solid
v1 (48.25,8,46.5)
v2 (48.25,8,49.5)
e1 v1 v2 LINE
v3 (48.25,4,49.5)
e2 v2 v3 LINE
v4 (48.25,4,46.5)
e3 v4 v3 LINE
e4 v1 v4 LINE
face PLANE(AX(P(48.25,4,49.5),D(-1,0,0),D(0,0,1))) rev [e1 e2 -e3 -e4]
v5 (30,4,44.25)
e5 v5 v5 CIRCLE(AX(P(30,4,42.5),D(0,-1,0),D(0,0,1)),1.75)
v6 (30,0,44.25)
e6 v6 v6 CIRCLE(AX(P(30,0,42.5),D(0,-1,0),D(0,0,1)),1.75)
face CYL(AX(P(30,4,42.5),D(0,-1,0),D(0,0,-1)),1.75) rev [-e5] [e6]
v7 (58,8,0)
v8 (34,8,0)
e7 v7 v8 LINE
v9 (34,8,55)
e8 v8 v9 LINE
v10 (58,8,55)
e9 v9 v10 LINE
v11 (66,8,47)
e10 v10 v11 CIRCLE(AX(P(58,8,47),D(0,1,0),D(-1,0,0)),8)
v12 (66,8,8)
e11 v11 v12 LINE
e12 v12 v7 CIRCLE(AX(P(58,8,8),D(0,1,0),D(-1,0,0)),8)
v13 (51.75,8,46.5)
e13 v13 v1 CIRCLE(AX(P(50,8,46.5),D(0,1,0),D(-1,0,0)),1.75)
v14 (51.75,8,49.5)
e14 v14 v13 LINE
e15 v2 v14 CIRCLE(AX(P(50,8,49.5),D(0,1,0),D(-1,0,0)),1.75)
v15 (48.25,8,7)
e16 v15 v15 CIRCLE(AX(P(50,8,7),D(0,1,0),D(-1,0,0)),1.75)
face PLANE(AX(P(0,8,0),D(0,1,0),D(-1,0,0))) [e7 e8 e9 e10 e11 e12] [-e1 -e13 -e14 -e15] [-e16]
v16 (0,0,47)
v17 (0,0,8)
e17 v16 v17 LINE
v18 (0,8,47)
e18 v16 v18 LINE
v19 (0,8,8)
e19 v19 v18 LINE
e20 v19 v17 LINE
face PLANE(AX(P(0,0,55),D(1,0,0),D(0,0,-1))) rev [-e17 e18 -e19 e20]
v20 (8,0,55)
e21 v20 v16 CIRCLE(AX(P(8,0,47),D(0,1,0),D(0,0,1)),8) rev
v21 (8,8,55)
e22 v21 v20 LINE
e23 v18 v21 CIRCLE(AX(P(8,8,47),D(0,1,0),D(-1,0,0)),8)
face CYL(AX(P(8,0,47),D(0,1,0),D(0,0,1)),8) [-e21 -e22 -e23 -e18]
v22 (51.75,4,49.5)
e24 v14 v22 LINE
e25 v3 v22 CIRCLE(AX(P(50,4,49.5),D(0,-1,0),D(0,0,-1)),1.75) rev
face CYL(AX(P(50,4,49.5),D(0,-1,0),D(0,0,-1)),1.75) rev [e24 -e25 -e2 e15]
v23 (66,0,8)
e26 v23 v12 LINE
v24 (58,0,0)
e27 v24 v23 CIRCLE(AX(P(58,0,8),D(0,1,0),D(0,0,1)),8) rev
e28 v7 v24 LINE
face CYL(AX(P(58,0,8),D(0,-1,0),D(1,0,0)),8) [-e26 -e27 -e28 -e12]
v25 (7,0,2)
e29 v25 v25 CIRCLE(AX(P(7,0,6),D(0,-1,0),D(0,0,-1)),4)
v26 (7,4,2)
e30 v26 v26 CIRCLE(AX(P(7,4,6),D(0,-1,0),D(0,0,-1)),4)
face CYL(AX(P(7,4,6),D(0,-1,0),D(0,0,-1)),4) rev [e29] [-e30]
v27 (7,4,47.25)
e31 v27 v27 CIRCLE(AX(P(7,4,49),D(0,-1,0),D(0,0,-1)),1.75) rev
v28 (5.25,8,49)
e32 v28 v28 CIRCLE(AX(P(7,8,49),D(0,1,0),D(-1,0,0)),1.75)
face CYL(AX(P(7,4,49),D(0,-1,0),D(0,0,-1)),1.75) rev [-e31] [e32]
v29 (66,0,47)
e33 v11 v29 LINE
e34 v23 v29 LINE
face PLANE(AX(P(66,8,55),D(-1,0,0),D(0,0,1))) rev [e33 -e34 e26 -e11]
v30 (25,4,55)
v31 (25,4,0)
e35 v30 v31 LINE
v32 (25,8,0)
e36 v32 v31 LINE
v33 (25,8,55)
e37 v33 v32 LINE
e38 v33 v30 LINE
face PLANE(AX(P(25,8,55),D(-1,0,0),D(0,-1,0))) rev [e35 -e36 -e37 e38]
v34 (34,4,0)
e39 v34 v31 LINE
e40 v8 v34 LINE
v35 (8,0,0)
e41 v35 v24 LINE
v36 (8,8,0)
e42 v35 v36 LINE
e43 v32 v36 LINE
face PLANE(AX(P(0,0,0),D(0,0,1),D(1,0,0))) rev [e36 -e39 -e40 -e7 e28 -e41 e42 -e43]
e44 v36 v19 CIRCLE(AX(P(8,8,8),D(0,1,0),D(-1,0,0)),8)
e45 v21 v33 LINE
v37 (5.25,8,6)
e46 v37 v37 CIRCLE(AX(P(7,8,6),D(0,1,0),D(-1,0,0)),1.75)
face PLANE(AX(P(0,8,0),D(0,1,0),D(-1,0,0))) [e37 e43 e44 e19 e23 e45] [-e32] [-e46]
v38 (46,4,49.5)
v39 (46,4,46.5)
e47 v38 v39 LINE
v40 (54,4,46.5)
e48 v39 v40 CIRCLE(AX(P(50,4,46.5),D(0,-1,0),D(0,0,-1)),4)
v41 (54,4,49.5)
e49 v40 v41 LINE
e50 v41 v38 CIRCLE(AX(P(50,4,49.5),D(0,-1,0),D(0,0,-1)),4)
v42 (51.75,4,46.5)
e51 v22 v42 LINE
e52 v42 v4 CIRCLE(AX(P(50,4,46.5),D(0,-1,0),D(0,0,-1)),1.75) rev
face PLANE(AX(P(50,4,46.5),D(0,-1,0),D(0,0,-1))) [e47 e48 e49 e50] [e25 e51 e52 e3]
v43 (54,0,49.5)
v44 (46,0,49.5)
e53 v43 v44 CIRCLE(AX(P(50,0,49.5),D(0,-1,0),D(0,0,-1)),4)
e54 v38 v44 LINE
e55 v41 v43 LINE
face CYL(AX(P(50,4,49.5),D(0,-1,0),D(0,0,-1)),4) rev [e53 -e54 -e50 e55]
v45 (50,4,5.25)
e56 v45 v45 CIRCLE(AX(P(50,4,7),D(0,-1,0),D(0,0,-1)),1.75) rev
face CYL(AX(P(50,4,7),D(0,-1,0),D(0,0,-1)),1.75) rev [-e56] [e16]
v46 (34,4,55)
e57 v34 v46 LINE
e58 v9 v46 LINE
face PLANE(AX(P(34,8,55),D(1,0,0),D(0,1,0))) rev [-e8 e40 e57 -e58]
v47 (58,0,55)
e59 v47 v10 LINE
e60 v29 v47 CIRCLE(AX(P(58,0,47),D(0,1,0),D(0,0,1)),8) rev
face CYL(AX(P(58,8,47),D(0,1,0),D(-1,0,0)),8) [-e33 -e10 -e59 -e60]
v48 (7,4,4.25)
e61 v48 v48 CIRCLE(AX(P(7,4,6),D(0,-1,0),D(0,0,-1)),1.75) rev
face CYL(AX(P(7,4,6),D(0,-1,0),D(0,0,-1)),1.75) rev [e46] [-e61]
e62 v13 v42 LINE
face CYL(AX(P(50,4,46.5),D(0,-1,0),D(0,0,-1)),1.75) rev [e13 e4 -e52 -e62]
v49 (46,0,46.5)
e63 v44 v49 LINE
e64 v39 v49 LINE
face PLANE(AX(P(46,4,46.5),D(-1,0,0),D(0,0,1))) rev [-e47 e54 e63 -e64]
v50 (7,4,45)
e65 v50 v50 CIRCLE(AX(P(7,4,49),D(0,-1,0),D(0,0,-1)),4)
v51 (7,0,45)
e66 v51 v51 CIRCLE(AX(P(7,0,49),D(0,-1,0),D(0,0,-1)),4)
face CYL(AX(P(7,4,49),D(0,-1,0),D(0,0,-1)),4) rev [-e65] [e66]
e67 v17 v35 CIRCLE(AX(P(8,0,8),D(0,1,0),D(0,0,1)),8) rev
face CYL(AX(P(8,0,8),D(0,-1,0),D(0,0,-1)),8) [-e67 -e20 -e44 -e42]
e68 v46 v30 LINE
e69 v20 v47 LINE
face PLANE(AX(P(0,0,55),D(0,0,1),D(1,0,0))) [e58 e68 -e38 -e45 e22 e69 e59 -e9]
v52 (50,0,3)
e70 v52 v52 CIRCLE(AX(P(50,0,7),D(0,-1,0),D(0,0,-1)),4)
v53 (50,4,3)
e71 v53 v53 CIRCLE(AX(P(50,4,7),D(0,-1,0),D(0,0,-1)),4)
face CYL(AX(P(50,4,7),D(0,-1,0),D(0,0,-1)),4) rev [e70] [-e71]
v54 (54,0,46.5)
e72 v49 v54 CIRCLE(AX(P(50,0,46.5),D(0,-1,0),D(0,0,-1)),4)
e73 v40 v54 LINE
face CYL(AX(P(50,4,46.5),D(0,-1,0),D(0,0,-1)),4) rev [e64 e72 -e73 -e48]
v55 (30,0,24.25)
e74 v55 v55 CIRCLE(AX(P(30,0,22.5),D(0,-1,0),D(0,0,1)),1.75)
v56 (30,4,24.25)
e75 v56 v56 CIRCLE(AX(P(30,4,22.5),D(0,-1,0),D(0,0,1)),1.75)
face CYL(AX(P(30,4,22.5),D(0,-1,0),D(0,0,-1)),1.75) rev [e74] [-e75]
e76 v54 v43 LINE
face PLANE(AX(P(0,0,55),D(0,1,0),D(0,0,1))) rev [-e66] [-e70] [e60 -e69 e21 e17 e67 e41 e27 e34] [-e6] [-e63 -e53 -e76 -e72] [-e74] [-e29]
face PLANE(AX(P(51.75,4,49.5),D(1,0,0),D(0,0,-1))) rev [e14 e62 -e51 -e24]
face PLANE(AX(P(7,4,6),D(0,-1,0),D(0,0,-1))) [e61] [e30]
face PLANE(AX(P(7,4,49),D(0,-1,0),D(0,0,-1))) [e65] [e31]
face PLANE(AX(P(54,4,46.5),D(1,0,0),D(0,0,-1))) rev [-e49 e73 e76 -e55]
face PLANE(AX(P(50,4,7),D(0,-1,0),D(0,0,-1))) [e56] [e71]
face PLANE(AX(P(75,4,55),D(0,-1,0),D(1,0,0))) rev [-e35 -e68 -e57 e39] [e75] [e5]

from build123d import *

# Parameters (mm, degrees)
ESBO_O1_W                = 75
ESBO_O1_H                = 4
RESSALTO_EXTRUS_O1_DEPTH = 55
ESBO_O4_R                = 1.75
CORTE_EXTRUS_O2_DEPTH    = 5
ESBO_O5_W                = 32
ESBO_O5_H                = 55
ESBO_O5_R                = 1.75
ESBO_O5_W_2              = 25
RESSALTO_EXTRUS_O2_DEPTH = 4
ESBO_O6_R                = 4
CORTE_EXTRUS_O3_DEPTH    = 4
ESBO_O7_W                = 9
ESBO_O7_H                = 55
CORTE_EXTRUS_O4_DEPTH    = 10
FILETE1_R                = 8


with BuildPart() as part:
    # Esboço1 → Ressalto-extrusão1 (new body)
    with BuildSketch(Plane.XY):
        with Locations((37.5, 2)):
            Rectangle(ESBO_O1_W, ESBO_O1_H)
    extrude(amount=RESSALTO_EXTRUS_O1_DEPTH)

    # Esboço4 → Corte-extrusão2 (cut, through all)
    with BuildSketch(Plane.XZ):
        with Locations((50, 7)):
            Circle(ESBO_O4_R)
        with Locations((30, 22.5)):
            Circle(ESBO_O4_R)
        with Locations((30, 42.5)):
            Circle(ESBO_O4_R)
        with Locations((7, 49)):
            Circle(ESBO_O4_R)
        with Locations((7, 6)):
            Circle(ESBO_O4_R)
        with BuildLine():
            Line((51.75, 49.5), (51.75, 46.5))
            ThreePointArc((51.75, 46.5), (50, 44.75), (48.25, 46.5))
            Line((48.25, 46.5), (48.25, 49.5))
            ThreePointArc((48.25, 49.5), (50, 51.25), (51.75, 49.5))
        make_face()
    extrude(amount=-CORTE_EXTRUS_O2_DEPTH, mode=Mode.SUBTRACT)

    # Esboço5 → Ressalto-extrusão2 (add)
    with BuildSketch(Plane(origin=(0, 4, 0), x_dir=(1, 0, 0), z_dir=(0, 1, 0))):
        with Locations((50, -27.5)):
            Rectangle(ESBO_O5_W, ESBO_O5_H)
        with Locations((50, -7)):
            Circle(ESBO_O5_R, mode=Mode.SUBTRACT)
        with BuildLine():
            Line((48.25, -49.5), (48.25, -46.5))
            ThreePointArc((48.25, -46.5), (50, -44.75), (51.75, -46.5))
            Line((51.75, -46.5), (51.75, -49.5))
            ThreePointArc((51.75, -49.5), (50, -51.25), (48.25, -49.5))
        make_face(mode=Mode.SUBTRACT)
        with Locations((12.5, -27.5)):
            Rectangle(ESBO_O5_W_2, ESBO_O5_H)
        with Locations((7, -49)):
            Circle(ESBO_O5_R, mode=Mode.SUBTRACT)
        with Locations((7, -6)):
            Circle(ESBO_O5_R, mode=Mode.SUBTRACT)
    extrude(amount=RESSALTO_EXTRUS_O2_DEPTH)

    # Esboço6 → Corte-extrusão3 (cut)
    with BuildSketch(Plane.XZ):
        with Locations((50, 7)):
            Circle(ESBO_O6_R)
        with Locations((7, 6)):
            Circle(ESBO_O6_R)
        with Locations((7, 49)):
            Circle(ESBO_O6_R)
        with BuildLine():
            Line((46, 46.5), (46, 49.5))
            ThreePointArc((46, 49.5), (50, 53.5), (54, 49.5))
            Line((54, 49.5), (54, 46.5))
            ThreePointArc((54, 46.5), (50, 42.5), (46, 46.5))
        make_face()
    extrude(amount=-CORTE_EXTRUS_O3_DEPTH, mode=Mode.SUBTRACT)

    # Esboço7 → Corte-extrusão4 (cut)
    with BuildSketch(Plane(origin=(0, 4, 0), x_dir=(1, 0, 0), z_dir=(0, 1, 0))):
        with Locations((70.5, -27.5)):
            Rectangle(ESBO_O7_W, ESBO_O7_H)
    extrude(amount=-CORTE_EXTRUS_O4_DEPTH, mode=Mode.SUBTRACT)

    # Filete1
    filete1_edges = [part.edges().sort_by_distance(p)[0] for p in [
        (0, 4, 55),
        (66, 4, 55),
        (66, 4, 0),
        (0, 4, 0),
    ]]
    fillet(filete1_edges, radius=FILETE1_R)


solid = part.part
